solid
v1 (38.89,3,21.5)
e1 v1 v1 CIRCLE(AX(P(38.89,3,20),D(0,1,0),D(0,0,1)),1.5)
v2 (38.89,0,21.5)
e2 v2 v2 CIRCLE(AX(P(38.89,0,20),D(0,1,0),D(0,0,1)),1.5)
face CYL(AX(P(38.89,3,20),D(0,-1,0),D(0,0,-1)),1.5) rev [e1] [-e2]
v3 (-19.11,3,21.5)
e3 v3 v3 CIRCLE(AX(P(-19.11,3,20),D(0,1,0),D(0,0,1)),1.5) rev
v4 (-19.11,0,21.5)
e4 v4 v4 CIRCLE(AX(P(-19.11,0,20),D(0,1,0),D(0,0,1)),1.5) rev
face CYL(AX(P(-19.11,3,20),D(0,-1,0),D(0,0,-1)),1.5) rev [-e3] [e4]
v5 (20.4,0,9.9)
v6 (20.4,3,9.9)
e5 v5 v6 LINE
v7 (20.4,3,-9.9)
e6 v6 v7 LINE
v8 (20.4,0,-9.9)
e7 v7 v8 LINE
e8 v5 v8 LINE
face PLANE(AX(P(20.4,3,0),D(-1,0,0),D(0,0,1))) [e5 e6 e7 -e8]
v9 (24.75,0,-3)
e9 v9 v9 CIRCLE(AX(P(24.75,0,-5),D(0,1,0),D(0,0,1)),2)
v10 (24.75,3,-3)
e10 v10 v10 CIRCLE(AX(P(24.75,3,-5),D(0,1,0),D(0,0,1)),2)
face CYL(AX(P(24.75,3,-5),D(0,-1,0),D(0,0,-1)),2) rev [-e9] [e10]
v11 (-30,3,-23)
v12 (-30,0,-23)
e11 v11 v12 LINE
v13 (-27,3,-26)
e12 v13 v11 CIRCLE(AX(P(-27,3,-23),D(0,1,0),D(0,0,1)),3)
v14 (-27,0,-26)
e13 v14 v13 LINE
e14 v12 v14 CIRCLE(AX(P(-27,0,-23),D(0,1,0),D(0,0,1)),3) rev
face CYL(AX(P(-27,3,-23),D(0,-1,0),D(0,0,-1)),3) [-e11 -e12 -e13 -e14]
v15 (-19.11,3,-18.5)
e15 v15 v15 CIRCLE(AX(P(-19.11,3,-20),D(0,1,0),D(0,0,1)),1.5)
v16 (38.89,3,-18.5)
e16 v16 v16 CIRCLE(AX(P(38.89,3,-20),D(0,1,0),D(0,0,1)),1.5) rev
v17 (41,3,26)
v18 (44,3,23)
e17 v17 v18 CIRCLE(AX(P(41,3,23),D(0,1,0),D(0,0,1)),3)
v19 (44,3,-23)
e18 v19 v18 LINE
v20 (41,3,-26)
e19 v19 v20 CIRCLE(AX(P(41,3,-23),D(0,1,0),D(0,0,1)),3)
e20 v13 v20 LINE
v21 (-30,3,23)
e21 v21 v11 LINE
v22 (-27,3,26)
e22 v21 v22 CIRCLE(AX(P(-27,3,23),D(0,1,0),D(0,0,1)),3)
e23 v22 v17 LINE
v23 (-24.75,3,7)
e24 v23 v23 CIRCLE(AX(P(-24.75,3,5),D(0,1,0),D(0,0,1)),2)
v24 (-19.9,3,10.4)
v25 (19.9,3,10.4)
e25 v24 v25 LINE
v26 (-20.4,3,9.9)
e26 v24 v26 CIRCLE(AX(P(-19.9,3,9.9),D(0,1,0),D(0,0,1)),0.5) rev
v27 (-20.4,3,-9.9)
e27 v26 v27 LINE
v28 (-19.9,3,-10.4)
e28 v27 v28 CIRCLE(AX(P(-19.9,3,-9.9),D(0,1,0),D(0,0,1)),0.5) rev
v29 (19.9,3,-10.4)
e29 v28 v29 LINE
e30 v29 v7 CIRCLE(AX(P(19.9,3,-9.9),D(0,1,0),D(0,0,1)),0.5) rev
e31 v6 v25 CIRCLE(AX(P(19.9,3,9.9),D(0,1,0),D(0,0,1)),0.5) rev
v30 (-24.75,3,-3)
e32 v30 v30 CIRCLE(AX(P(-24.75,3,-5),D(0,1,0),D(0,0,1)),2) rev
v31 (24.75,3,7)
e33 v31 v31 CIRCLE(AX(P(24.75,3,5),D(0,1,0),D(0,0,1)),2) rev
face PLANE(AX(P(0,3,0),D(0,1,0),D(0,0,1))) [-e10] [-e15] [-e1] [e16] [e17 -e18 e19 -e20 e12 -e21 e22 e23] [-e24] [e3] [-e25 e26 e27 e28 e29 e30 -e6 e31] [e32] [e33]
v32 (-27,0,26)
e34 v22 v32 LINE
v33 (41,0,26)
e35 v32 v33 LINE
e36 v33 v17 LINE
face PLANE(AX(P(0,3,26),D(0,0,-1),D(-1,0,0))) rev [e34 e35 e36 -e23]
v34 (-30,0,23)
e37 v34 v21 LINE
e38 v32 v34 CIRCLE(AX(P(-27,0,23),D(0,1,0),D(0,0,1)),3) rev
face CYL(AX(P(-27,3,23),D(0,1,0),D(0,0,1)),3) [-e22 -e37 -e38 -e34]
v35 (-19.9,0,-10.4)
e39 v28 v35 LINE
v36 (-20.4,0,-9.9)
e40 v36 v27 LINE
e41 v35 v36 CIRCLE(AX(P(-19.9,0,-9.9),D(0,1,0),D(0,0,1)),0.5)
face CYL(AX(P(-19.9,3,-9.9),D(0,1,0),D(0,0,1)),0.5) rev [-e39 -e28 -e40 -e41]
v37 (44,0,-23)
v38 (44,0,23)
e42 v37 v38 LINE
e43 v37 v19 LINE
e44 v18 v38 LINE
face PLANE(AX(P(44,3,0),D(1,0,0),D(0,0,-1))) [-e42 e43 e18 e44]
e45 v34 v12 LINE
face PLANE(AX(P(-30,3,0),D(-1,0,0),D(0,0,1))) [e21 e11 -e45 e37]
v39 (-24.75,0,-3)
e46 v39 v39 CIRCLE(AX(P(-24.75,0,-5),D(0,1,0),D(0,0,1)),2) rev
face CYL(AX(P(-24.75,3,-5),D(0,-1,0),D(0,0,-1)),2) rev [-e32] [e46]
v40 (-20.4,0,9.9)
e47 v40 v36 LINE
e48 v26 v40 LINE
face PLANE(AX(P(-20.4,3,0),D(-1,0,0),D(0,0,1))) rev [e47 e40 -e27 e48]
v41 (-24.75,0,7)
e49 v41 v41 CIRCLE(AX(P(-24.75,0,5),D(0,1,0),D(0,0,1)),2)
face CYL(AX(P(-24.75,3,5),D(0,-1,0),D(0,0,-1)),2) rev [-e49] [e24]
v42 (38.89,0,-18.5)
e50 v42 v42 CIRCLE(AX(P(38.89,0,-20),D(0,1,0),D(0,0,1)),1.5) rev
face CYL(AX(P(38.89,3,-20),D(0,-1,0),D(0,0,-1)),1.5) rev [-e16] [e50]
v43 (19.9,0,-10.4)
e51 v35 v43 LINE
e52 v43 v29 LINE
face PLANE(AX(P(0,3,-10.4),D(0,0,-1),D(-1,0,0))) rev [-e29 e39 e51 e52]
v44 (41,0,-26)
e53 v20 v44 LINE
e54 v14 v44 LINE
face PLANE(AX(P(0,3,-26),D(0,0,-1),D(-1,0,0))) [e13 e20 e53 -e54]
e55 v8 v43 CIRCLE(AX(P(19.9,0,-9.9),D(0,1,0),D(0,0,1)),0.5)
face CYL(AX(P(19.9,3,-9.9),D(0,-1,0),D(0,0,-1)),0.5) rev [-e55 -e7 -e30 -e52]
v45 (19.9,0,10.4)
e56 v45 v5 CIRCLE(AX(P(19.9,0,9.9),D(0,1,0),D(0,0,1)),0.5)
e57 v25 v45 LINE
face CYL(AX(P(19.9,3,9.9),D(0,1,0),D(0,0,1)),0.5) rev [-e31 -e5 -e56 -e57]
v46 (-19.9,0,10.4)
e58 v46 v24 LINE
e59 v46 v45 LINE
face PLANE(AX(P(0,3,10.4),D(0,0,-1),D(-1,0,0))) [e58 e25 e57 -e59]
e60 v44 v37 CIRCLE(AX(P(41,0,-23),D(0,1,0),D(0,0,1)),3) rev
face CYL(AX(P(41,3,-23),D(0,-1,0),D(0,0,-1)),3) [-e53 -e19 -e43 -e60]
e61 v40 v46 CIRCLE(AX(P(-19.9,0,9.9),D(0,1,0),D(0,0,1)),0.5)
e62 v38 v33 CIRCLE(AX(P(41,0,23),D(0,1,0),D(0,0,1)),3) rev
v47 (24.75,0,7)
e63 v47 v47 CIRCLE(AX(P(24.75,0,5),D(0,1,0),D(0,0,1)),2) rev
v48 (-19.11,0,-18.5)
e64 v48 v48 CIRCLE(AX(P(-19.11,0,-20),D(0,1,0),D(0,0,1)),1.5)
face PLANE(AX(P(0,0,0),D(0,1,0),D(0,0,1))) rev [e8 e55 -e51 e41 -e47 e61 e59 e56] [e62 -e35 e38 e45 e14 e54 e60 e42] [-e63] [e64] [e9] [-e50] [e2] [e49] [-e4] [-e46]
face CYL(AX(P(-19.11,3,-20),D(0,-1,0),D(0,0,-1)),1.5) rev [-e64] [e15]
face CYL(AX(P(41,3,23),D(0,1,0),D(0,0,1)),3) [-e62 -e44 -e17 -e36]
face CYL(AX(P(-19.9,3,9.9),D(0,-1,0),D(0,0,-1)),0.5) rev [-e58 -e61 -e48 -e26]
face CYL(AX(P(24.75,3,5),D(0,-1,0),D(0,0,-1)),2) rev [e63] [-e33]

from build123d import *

# Parameters (mm, degrees)
SKETCH_1_W      = 60
SKETCH_1_H      = 52
SKETCH_1_R      = 2
SKETCH_1_R_2    = 1.5
SKETCH_1_W_2    = 40.8
SKETCH_1_H_2    = 20.8
SKETCH_1_W_3    = 14
EXTRUDE_1_DEPTH = 3
FILLET_1_R      = 0.5
FILLET_2_R      = 3


with BuildPart() as part:
    # 草图1 → 凸台-拉伸1 (new body)
    # profile 1 of 2: a face of its own
    with BuildSketch(Plane(origin=(0, 0, 0), x_dir=(1, 0, 0), z_dir=(0, 1, 0))):
        Rectangle(SKETCH_1_W, SKETCH_1_H)
        with Locations(Location((-24.75, 5, 0), (0, 0, 270))):
            Circle(SKETCH_1_R, mode=Mode.SUBTRACT)
        with Locations(Location((-24.75, -5, 0), (0, 0, 270))):
            Circle(SKETCH_1_R, mode=Mode.SUBTRACT)
        with Locations(Location((24.75, 5, 0), (0, 0, 270))):
            Circle(SKETCH_1_R, mode=Mode.SUBTRACT)
        with Locations(Location((24.75, -5, 0), (0, 0, 270))):
            Circle(SKETCH_1_R, mode=Mode.SUBTRACT)
        with Locations(Location((-19.11, 20, 0), (0, 0, 270))):
            Circle(SKETCH_1_R_2, mode=Mode.SUBTRACT)
        with Locations(Location((-19.11, -20, 0), (0, 0, 270))):
            Circle(SKETCH_1_R_2, mode=Mode.SUBTRACT)
        Rectangle(SKETCH_1_W_2, SKETCH_1_H_2, mode=Mode.SUBTRACT)
    # profile 2 of 2: a face of its own
    with BuildSketch(Plane(origin=(0, 0, 0), x_dir=(1, 0, 0), z_dir=(0, 1, 0))):
        with Locations((37, 0)):
            Rectangle(SKETCH_1_W_3, SKETCH_1_H)
        with Locations(Location((38.89, -20, 0), (0, 0, 270))):
            Circle(SKETCH_1_R_2, mode=Mode.SUBTRACT)
        with Locations(Location((38.89, 20, 0), (0, 0, 270))):
            Circle(SKETCH_1_R_2, mode=Mode.SUBTRACT)
    extrude(amount=EXTRUDE_1_DEPTH)

    # 圆角1
    fillet_1_edges = [part.edges().sort_by_distance(p)[0] for p in [
        (20.4, 1.5, -10.4),
        (-20.4, 1.5, -10.4),
        (-20.4, 1.5, 10.4),
        (20.4, 1.5, 10.4),
    ]]
    fillet(fillet_1_edges, radius=FILLET_1_R)

    # 圆角2
    fillet_2_edges = [part.edges().sort_by_distance(p)[0] for p in [
        (-30, 1.5, 26),
        (-30, 1.5, -26),
        (44, 1.5, -26),
        (44, 1.5, 26),
    ]]
    fillet(fillet_2_edges, radius=FILLET_2_R)


solid = part.part
